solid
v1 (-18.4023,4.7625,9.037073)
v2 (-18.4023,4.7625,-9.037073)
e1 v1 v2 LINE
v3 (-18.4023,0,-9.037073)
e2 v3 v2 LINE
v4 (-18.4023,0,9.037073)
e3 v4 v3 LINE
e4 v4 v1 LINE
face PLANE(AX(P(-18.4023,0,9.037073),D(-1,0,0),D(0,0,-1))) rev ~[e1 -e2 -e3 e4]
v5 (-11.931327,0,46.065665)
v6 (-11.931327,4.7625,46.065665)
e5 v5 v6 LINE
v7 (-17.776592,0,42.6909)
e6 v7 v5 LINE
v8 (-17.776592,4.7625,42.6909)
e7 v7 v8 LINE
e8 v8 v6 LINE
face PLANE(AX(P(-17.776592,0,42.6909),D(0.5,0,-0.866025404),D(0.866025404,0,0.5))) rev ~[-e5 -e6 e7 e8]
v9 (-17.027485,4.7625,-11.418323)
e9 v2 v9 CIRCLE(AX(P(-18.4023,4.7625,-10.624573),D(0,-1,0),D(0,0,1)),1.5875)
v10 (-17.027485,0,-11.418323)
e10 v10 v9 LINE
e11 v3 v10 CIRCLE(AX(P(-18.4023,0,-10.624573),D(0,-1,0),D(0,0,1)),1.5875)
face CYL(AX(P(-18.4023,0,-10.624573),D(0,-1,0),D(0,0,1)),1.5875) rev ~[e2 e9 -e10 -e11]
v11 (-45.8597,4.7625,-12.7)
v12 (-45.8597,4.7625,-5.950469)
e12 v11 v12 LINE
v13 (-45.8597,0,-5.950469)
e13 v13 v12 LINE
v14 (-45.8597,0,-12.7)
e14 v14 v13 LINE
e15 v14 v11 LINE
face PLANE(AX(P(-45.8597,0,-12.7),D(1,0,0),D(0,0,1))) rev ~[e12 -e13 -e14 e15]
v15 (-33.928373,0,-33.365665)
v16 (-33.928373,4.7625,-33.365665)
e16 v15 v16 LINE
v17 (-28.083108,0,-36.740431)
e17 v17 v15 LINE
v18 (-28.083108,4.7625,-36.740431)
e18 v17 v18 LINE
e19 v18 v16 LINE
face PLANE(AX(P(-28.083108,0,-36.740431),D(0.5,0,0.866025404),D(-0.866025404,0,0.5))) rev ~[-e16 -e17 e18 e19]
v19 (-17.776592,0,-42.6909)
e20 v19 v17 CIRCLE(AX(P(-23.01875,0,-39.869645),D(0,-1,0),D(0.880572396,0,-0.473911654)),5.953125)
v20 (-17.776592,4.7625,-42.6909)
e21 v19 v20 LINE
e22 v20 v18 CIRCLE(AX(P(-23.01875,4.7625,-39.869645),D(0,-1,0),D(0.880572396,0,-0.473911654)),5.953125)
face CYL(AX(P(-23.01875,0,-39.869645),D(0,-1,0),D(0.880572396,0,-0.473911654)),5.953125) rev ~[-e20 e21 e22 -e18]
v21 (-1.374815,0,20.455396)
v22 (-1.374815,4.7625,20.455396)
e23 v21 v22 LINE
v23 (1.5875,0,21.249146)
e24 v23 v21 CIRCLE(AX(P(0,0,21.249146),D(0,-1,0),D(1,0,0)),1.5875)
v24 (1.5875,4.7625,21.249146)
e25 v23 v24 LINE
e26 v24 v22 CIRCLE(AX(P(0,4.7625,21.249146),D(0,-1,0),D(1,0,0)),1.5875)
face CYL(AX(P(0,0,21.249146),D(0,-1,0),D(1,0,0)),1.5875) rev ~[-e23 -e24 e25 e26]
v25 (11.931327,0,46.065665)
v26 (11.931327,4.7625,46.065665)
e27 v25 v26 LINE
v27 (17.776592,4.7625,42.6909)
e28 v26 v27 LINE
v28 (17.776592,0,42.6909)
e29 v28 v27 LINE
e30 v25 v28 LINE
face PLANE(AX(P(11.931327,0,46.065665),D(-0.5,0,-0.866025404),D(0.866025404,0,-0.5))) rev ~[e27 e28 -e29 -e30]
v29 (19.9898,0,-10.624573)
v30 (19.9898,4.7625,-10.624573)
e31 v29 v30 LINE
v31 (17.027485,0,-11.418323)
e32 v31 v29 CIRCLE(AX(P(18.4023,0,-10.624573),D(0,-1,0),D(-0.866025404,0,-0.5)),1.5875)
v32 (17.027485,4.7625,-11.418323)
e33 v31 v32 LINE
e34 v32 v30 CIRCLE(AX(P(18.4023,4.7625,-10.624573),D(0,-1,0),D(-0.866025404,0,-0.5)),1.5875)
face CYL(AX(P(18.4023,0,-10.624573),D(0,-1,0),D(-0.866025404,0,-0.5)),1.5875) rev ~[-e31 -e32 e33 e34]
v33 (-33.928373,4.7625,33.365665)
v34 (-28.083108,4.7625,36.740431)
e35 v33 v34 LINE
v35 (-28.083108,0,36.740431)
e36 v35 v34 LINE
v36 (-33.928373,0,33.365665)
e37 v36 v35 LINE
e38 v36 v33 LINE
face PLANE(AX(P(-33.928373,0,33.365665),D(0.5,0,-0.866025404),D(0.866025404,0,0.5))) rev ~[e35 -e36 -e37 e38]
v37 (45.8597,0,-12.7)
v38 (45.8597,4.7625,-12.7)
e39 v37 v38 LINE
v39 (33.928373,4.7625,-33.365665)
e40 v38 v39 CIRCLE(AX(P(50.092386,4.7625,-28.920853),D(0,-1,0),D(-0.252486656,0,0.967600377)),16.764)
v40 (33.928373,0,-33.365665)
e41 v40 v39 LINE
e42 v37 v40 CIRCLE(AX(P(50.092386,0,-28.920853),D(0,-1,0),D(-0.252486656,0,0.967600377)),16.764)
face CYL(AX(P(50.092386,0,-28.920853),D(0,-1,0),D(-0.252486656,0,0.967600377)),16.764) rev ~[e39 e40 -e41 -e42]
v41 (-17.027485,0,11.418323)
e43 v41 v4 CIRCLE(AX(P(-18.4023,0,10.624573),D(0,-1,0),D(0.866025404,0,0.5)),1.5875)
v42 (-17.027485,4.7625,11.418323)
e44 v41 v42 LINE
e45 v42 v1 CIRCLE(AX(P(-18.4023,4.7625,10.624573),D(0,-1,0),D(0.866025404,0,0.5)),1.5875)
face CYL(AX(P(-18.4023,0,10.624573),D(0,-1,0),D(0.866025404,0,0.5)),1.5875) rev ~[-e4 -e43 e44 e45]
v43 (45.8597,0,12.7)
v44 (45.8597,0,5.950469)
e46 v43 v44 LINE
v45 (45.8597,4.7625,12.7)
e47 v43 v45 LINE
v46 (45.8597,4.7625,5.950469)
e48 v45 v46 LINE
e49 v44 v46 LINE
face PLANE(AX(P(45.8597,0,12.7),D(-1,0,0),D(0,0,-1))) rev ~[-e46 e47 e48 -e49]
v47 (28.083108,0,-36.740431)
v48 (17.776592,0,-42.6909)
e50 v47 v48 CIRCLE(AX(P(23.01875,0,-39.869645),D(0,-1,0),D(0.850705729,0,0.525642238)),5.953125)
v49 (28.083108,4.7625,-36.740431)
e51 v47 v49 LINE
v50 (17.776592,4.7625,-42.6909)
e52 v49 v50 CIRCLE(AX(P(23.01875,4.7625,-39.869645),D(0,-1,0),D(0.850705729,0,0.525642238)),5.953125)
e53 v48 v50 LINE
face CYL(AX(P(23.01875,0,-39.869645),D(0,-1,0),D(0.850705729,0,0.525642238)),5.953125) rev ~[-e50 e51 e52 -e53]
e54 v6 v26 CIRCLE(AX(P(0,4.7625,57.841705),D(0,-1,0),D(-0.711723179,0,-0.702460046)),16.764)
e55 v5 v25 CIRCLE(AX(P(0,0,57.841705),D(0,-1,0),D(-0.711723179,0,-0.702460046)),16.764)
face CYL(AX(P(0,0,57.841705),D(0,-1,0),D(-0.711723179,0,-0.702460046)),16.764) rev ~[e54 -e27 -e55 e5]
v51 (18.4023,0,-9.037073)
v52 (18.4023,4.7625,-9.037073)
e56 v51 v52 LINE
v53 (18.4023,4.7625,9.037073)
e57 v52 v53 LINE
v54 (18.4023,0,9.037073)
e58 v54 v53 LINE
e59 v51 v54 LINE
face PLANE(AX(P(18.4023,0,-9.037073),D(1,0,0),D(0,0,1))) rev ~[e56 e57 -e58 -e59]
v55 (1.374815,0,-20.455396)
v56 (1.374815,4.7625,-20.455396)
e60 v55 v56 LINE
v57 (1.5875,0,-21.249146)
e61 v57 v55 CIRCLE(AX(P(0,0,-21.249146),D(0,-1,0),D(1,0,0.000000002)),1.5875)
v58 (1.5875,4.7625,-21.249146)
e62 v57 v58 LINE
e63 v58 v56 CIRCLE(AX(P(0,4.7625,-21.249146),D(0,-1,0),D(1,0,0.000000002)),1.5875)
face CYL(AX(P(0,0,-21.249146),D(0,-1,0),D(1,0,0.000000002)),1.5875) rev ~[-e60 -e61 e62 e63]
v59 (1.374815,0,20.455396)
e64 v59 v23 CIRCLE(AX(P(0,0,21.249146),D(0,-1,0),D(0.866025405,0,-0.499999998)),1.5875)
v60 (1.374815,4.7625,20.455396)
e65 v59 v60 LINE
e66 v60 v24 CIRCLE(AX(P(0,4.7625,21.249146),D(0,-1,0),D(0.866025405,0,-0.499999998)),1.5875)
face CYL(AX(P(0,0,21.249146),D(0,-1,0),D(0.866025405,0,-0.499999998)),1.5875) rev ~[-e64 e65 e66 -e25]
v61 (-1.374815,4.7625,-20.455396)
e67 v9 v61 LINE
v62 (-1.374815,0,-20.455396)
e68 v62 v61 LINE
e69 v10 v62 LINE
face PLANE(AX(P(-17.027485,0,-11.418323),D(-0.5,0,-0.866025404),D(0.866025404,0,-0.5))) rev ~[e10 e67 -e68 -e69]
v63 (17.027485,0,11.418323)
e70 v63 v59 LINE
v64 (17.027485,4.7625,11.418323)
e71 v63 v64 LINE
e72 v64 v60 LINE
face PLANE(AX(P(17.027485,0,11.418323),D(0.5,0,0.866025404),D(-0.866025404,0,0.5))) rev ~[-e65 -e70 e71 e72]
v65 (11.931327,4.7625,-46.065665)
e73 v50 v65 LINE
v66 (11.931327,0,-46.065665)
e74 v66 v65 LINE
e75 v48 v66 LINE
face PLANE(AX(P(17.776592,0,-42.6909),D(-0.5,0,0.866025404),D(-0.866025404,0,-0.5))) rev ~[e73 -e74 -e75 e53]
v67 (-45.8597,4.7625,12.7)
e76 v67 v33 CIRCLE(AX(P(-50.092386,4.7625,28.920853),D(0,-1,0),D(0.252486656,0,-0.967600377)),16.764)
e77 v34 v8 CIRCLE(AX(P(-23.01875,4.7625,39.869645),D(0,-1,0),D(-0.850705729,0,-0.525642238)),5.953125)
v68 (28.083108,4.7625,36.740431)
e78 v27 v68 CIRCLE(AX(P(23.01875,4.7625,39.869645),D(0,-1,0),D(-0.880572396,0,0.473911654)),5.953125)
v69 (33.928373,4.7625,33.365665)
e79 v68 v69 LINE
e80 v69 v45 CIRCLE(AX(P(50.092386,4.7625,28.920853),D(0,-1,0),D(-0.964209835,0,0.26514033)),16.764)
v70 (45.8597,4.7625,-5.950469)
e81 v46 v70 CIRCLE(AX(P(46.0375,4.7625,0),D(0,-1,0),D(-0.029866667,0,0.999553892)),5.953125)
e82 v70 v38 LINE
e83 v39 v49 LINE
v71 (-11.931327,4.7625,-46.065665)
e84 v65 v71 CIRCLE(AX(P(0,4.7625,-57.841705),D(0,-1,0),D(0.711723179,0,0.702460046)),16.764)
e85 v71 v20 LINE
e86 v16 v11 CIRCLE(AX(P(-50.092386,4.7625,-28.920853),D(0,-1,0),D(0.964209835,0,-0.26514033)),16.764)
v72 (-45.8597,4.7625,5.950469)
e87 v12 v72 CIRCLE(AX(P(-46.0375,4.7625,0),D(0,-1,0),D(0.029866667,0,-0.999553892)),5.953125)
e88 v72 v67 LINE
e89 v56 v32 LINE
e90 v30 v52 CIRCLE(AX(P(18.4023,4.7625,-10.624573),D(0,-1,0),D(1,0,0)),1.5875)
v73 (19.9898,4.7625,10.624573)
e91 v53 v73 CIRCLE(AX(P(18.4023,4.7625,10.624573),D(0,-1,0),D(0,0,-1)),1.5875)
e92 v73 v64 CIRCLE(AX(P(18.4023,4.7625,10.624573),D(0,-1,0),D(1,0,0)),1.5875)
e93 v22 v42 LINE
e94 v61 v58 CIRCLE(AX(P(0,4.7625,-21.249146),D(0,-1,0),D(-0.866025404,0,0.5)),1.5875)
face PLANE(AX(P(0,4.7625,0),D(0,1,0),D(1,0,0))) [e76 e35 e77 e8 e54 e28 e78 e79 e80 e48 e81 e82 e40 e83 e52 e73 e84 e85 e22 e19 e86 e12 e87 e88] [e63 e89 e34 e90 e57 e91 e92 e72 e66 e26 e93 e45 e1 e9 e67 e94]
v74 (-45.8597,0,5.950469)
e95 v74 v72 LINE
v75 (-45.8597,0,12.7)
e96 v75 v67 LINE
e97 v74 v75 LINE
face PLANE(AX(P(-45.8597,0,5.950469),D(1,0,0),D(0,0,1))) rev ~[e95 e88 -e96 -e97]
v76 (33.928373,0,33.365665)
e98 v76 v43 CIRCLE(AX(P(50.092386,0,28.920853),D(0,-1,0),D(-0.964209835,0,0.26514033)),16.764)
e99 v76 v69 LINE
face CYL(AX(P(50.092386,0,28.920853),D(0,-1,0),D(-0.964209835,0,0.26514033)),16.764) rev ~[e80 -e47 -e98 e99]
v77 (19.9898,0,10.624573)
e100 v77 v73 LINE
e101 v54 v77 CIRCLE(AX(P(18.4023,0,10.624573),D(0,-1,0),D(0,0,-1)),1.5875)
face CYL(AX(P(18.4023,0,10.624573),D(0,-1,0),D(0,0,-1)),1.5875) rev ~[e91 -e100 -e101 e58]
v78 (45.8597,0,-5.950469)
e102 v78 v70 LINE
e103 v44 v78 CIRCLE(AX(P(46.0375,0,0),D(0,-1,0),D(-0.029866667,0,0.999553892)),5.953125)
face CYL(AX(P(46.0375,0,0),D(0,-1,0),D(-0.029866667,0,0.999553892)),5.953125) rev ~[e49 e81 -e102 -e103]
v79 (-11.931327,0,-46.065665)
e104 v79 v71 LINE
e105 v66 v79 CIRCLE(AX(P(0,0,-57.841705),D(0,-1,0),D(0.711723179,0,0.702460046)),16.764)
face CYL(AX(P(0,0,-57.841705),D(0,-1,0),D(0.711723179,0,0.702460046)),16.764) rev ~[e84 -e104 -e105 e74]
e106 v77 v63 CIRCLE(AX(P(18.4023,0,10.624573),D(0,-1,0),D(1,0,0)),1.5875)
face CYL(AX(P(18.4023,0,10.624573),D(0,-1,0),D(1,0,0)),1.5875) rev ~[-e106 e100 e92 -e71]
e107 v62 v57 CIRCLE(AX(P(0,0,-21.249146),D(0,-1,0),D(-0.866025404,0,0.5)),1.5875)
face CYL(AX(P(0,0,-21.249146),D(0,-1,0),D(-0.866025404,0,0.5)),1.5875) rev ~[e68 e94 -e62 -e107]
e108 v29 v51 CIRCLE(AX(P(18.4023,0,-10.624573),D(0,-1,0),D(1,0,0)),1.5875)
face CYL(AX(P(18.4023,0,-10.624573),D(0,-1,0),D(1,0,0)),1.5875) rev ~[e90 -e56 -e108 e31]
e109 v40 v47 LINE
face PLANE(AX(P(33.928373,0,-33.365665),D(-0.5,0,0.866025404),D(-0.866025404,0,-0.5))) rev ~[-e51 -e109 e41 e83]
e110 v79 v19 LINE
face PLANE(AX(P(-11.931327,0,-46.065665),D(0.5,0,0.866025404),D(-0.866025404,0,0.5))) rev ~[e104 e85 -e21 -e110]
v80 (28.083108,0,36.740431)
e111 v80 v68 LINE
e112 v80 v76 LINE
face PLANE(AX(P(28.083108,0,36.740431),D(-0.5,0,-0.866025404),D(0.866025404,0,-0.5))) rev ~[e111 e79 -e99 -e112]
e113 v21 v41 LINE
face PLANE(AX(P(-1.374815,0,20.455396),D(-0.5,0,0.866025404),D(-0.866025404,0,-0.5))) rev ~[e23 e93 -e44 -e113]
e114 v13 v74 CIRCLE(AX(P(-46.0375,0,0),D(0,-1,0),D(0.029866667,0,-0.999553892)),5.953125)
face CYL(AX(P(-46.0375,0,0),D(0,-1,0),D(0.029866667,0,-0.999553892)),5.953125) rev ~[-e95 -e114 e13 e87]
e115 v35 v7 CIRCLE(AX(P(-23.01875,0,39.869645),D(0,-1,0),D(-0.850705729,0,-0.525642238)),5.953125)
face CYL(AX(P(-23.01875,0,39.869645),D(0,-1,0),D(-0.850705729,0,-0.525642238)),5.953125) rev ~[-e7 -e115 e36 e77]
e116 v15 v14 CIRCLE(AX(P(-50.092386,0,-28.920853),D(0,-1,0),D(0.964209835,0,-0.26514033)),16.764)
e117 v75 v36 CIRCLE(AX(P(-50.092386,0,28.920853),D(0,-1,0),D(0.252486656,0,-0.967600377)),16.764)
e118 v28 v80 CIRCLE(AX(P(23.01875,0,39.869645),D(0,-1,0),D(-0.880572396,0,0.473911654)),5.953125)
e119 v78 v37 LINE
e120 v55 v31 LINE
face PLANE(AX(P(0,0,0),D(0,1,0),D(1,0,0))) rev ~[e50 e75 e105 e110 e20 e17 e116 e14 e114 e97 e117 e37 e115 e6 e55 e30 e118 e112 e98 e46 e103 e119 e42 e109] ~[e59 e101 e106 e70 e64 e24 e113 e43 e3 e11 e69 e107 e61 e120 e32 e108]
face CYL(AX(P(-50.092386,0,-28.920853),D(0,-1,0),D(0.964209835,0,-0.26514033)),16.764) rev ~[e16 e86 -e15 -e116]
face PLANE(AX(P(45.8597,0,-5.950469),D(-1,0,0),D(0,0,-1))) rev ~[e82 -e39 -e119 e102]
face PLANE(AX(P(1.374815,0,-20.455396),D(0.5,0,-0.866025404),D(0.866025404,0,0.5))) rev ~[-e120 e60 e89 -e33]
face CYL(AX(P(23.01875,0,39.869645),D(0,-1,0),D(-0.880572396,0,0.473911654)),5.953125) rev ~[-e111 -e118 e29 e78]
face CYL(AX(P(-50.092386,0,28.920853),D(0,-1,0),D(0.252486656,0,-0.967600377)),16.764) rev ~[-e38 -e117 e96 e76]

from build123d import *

# Parameters (mm, degrees)
BOSS_EXTRUDE1_DEPTH = 4.7625


with BuildPart() as part:
    # Sketch1 → Boss-Extrude1 (new body)
    with BuildSketch(Plane(origin=(0, 0, 0), x_dir=(1, 0, 0), z_dir=(0, 1, 0))):
        with BuildLine():
            ThreePointArc((-33.928372628, 33.36566521), (-35.574336427, 20.538852712), (-45.8597, 12.7))
            Line((-45.8597, 12.7), (-45.8597, 5.950469261))
            ThreePointArc((-45.8597, 5.950469261), (-40.084375, 0), (-45.8597, -5.950469261))
            Line((-45.8597, -5.950469261), (-45.8597, -12.7))
            ThreePointArc((-45.8597, -12.7), (-35.574336427, -20.538852712), (-33.928372628, -33.36566521))
            Line((-33.928372628, -33.36566521), (-28.083107544, -36.740430579))
            ThreePointArc((-28.083107544, -36.740430579), (-20.0421875, -34.714087045), (-17.776592456, -42.69089984))
            Line((-17.776592456, -42.69089984), (-11.931327372, -46.06566521))
            ThreePointArc((-11.931327372, -46.06566521), (0, -41.077705425), (11.931327372, -46.06566521))
            Line((11.931327372, -46.06566521), (17.776592456, -42.69089984))
            ThreePointArc((17.776592456, -42.69089984), (20.0421875, -34.714087045), (28.083107544, -36.740430579))
            Line((28.083107544, -36.740430579), (33.928372628, -33.36566521))
            ThreePointArc((33.928372628, -33.36566521), (35.574336427, -20.538852712), (45.8597, -12.7))
            Line((45.8597, -12.7), (45.8597, -5.950469261))
            ThreePointArc((45.8597, -5.950469261), (40.084375, 0), (45.8597, 5.950469261))
            Line((45.8597, 5.950469261), (45.8597, 12.7))
            ThreePointArc((45.8597, 12.7), (35.574336427, 20.538852712), (33.928372628, 33.36566521))
            Line((33.928372628, 33.36566521), (28.083107544, 36.740430579))
            ThreePointArc((28.083107544, 36.740430579), (20.0421875, 34.714087045), (17.776592456, 42.69089984))
            Line((17.776592456, 42.69089984), (11.931327372, 46.06566521))
            ThreePointArc((11.931327372, 46.06566521), (0, 41.077705425), (-11.931327372, 46.06566521))
            Line((-11.931327372, 46.06566521), (-17.776592456, 42.69089984))
            ThreePointArc((-17.776592456, 42.69089984), (-20.0421875, 34.714087045), (-28.083107544, 36.740430579))
            Line((-28.083107544, 36.740430579), (-33.928372628, 33.36566521))
        make_face()
        with BuildLine():
            Line((1.374815329, 20.455395717), (17.027484671, 11.418322859))
            ThreePointArc((17.027484671, 11.418322859), (18.813175234, 12.157980108), (19.9898, 10.624572859))
            ThreePointArc((19.9898, 10.624572859), (19.524832015, 9.502040844), (18.4023, 9.037072859))
            Line((18.4023, 9.037072859), (18.4023, -9.037072859))
            ThreePointArc((18.4023, -9.037072859), (19.524832015, -9.502040844), (19.9898, -10.624572859))
            ThreePointArc((19.9898, -10.624572859), (18.813175234, -12.157980108), (17.027484671, -11.418322859))
            Line((17.027484671, -11.418322859), (1.374815329, -20.455395717))
            ThreePointArc((1.374815329, -20.455395717), (1.533407249, -20.838270483), (1.5875, -21.249145717))
            ThreePointArc((1.5875, -21.249145717), (-0.410875234, -22.782552967), (-1.374815329, -20.455395717))
            Line((-1.374815329, -20.455395717), (-17.027484671, -11.418322859))
            ThreePointArc((-17.027484671, -11.418322859), (-19.777115329, -11.418322859), (-18.4023, -9.037072859))
            Line((-18.4023, -9.037072859), (-18.4023, 9.037072859))
            ThreePointArc((-18.4023, 9.037072859), (-19.777115329, 11.418322859), (-17.027484671, 11.418322859))
            Line((-17.027484671, 11.418322859), (-1.374815329, 20.455395717))
            ThreePointArc((-1.374815329, 20.455395717), (-0.410875234, 22.782552967), (1.5875, 21.249145717))
            ThreePointArc((1.5875, 21.249145717), (1.533407249, 20.838270483), (1.374815329, 20.455395717))
        make_face(mode=Mode.SUBTRACT)
    extrude(amount=BOSS_EXTRUDE1_DEPTH)


solid = part.part
